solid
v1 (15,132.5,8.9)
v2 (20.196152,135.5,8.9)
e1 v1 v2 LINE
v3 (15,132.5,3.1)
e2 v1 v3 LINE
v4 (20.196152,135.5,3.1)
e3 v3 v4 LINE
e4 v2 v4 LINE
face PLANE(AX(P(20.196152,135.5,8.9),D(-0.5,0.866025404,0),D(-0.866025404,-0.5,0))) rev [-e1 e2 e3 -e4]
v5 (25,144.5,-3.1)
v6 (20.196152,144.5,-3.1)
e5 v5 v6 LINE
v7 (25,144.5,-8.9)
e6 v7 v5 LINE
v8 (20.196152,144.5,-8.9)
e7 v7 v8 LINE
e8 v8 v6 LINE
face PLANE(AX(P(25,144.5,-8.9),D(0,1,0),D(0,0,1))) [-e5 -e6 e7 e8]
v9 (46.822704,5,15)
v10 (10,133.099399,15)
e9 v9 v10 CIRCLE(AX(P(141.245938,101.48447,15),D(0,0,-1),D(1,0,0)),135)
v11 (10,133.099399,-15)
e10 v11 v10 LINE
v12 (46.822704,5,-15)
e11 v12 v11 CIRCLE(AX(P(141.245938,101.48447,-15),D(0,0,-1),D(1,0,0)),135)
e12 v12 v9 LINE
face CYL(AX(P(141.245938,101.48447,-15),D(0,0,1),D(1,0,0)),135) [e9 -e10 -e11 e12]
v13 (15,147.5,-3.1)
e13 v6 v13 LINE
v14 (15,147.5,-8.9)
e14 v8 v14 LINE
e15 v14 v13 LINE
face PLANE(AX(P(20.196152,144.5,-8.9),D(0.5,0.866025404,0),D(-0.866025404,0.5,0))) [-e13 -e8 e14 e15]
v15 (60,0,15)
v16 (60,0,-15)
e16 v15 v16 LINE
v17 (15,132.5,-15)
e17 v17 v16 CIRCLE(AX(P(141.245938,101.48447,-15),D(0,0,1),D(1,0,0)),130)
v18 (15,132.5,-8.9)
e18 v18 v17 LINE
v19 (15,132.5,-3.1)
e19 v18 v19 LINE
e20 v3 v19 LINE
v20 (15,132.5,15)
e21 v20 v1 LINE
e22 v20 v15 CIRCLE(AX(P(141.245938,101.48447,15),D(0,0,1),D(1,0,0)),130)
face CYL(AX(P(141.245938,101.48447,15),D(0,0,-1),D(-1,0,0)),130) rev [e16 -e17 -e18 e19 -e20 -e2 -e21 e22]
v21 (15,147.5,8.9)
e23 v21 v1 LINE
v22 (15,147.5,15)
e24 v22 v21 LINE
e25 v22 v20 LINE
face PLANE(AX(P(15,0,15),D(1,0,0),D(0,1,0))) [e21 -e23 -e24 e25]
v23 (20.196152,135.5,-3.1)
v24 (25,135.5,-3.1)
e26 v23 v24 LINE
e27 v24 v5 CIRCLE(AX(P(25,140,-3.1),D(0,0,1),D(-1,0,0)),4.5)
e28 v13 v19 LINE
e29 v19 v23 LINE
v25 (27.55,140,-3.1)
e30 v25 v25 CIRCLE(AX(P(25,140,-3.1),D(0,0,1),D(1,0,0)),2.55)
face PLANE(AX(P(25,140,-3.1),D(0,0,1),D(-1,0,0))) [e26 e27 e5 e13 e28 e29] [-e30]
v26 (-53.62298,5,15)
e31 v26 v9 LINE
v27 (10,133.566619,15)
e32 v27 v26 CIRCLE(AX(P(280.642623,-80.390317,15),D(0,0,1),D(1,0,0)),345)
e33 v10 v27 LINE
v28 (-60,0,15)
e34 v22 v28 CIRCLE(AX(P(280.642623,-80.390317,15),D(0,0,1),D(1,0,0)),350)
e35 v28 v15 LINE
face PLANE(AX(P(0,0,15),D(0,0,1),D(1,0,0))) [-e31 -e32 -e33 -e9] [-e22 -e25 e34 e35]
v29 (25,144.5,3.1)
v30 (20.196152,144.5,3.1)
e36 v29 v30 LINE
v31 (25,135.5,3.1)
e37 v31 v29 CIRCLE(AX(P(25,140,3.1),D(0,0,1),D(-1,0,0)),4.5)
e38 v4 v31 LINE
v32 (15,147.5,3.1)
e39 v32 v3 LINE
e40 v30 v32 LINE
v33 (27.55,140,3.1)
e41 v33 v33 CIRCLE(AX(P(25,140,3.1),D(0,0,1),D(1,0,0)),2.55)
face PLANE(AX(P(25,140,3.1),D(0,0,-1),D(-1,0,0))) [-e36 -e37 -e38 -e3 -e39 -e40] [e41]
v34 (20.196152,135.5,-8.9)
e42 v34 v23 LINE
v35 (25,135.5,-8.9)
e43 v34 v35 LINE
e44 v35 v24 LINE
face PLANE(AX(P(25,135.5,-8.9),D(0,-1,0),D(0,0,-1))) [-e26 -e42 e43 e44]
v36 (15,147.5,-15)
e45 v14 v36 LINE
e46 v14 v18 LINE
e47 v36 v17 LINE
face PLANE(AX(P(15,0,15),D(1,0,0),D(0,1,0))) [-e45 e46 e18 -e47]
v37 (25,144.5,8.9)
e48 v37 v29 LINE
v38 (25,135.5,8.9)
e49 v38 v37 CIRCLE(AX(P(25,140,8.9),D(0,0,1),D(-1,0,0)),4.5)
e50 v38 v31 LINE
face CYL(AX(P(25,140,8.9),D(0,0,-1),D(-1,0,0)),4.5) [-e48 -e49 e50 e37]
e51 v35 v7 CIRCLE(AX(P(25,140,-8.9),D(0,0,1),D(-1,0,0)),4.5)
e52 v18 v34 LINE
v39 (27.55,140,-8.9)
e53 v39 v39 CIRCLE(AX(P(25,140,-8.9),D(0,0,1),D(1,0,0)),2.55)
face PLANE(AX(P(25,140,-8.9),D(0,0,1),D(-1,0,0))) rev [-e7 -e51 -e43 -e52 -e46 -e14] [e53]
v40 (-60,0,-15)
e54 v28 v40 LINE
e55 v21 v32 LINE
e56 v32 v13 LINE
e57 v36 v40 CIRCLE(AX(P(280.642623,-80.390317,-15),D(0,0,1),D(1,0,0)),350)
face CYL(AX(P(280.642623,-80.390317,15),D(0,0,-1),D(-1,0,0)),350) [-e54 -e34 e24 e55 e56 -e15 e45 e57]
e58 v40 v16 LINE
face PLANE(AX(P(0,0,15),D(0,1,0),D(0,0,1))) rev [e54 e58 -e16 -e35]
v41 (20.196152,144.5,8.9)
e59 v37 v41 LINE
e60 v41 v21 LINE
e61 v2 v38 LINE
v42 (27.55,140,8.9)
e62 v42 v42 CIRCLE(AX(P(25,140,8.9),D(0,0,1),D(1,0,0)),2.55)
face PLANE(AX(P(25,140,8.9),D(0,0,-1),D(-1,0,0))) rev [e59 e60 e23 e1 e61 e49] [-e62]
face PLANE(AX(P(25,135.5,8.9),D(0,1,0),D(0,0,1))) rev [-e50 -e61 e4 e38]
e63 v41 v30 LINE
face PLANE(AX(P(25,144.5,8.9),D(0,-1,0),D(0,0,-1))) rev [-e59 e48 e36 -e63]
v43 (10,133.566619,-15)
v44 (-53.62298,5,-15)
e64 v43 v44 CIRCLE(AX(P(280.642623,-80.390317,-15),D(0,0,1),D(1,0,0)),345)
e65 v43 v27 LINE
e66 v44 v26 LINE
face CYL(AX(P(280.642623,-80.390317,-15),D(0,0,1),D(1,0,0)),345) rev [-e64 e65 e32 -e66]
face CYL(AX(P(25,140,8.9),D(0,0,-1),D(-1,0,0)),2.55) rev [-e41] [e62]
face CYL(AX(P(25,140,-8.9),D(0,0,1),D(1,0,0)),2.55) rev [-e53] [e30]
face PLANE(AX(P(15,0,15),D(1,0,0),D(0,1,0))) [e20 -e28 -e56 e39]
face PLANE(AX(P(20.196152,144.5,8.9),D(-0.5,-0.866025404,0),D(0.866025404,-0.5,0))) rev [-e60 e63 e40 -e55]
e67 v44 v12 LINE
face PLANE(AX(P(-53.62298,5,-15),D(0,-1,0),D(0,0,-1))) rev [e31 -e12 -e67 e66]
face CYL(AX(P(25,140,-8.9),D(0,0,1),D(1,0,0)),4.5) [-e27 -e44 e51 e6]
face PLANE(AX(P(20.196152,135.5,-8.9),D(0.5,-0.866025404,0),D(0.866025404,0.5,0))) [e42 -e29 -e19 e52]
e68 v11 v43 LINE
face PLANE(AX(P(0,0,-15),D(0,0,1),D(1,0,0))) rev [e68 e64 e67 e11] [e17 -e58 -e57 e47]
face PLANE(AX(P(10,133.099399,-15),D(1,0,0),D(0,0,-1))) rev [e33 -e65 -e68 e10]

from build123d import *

# Parameters (mm, degrees)
BOSS_EXTRUDE1_DEPTH = 15
CUT_EXTRUDE1_DEPTH  = 163.037804231
BOSS_EXTRUDE2_START = 3.1
SKETCH4_R           = 2.55
BOSS_EXTRUDE2_DEPTH = 5.8


with BuildPart() as part:
    # Sketch1 → Boss-Extrude1 (new, symmetric)
    with BuildSketch(Plane.XY):
        with BuildLine():
            Line((-60, 0), (60, 0))
            ThreePointArc((60, 0), (18.151331496, 59.678754093), (15, 132.5))
            Line((15, 132.5), (15, 147.5))
            ThreePointArc((15, 147.5), (-31.342172096, 78.24601971), (-60, 0))
        make_face()
    extrude(amount=BOSS_EXTRUDE1_DEPTH, both=True)

    # Sketch3 → Cut-Extrude1 (cut, through all)
    with BuildSketch(Plane.XY.offset(15)):
        with BuildLine():
            Line((10, 133.099398757), (10, 133.566618733))
            ThreePointArc((10, 133.566618733), (-28.567393604, 72.626562232), (-53.622980136, 5))
            Line((-53.622980136, 5), (46.822703911, 5))
            ThreePointArc((46.822703911, 5), (11.500002428, 64.188461758), (10, 133.099398757))
        make_face()
    extrude(amount=-CUT_EXTRUDE1_DEPTH, mode=Mode.SUBTRACT)

    # Sketch4 → Boss-Extrude2 (add)
    with BuildSketch(Plane.XY.offset(BOSS_EXTRUDE2_START)):
        with BuildLine():
            Line((25, 135.5), (20.196152423, 135.5))
            Line((20.196152423, 135.5), (15, 132.5))
            Line((15, 132.5), (15, 147.5))
            Line((15, 147.5), (20.196152423, 144.5))
            Line((20.196152423, 144.5), (25, 144.5))
            ThreePointArc((25, 144.5), (29.5, 140), (25, 135.5))
        make_face()
        with Locations((25, 140)):
            Circle(SKETCH4_R, mode=Mode.SUBTRACT)
    boss_extrude2 = extrude(amount=BOSS_EXTRUDE2_DEPTH)

    # Mirror1: Boss-Extrude2 across plane
    add(boss_extrude2.mirror(Plane.XY))


solid = part.part
